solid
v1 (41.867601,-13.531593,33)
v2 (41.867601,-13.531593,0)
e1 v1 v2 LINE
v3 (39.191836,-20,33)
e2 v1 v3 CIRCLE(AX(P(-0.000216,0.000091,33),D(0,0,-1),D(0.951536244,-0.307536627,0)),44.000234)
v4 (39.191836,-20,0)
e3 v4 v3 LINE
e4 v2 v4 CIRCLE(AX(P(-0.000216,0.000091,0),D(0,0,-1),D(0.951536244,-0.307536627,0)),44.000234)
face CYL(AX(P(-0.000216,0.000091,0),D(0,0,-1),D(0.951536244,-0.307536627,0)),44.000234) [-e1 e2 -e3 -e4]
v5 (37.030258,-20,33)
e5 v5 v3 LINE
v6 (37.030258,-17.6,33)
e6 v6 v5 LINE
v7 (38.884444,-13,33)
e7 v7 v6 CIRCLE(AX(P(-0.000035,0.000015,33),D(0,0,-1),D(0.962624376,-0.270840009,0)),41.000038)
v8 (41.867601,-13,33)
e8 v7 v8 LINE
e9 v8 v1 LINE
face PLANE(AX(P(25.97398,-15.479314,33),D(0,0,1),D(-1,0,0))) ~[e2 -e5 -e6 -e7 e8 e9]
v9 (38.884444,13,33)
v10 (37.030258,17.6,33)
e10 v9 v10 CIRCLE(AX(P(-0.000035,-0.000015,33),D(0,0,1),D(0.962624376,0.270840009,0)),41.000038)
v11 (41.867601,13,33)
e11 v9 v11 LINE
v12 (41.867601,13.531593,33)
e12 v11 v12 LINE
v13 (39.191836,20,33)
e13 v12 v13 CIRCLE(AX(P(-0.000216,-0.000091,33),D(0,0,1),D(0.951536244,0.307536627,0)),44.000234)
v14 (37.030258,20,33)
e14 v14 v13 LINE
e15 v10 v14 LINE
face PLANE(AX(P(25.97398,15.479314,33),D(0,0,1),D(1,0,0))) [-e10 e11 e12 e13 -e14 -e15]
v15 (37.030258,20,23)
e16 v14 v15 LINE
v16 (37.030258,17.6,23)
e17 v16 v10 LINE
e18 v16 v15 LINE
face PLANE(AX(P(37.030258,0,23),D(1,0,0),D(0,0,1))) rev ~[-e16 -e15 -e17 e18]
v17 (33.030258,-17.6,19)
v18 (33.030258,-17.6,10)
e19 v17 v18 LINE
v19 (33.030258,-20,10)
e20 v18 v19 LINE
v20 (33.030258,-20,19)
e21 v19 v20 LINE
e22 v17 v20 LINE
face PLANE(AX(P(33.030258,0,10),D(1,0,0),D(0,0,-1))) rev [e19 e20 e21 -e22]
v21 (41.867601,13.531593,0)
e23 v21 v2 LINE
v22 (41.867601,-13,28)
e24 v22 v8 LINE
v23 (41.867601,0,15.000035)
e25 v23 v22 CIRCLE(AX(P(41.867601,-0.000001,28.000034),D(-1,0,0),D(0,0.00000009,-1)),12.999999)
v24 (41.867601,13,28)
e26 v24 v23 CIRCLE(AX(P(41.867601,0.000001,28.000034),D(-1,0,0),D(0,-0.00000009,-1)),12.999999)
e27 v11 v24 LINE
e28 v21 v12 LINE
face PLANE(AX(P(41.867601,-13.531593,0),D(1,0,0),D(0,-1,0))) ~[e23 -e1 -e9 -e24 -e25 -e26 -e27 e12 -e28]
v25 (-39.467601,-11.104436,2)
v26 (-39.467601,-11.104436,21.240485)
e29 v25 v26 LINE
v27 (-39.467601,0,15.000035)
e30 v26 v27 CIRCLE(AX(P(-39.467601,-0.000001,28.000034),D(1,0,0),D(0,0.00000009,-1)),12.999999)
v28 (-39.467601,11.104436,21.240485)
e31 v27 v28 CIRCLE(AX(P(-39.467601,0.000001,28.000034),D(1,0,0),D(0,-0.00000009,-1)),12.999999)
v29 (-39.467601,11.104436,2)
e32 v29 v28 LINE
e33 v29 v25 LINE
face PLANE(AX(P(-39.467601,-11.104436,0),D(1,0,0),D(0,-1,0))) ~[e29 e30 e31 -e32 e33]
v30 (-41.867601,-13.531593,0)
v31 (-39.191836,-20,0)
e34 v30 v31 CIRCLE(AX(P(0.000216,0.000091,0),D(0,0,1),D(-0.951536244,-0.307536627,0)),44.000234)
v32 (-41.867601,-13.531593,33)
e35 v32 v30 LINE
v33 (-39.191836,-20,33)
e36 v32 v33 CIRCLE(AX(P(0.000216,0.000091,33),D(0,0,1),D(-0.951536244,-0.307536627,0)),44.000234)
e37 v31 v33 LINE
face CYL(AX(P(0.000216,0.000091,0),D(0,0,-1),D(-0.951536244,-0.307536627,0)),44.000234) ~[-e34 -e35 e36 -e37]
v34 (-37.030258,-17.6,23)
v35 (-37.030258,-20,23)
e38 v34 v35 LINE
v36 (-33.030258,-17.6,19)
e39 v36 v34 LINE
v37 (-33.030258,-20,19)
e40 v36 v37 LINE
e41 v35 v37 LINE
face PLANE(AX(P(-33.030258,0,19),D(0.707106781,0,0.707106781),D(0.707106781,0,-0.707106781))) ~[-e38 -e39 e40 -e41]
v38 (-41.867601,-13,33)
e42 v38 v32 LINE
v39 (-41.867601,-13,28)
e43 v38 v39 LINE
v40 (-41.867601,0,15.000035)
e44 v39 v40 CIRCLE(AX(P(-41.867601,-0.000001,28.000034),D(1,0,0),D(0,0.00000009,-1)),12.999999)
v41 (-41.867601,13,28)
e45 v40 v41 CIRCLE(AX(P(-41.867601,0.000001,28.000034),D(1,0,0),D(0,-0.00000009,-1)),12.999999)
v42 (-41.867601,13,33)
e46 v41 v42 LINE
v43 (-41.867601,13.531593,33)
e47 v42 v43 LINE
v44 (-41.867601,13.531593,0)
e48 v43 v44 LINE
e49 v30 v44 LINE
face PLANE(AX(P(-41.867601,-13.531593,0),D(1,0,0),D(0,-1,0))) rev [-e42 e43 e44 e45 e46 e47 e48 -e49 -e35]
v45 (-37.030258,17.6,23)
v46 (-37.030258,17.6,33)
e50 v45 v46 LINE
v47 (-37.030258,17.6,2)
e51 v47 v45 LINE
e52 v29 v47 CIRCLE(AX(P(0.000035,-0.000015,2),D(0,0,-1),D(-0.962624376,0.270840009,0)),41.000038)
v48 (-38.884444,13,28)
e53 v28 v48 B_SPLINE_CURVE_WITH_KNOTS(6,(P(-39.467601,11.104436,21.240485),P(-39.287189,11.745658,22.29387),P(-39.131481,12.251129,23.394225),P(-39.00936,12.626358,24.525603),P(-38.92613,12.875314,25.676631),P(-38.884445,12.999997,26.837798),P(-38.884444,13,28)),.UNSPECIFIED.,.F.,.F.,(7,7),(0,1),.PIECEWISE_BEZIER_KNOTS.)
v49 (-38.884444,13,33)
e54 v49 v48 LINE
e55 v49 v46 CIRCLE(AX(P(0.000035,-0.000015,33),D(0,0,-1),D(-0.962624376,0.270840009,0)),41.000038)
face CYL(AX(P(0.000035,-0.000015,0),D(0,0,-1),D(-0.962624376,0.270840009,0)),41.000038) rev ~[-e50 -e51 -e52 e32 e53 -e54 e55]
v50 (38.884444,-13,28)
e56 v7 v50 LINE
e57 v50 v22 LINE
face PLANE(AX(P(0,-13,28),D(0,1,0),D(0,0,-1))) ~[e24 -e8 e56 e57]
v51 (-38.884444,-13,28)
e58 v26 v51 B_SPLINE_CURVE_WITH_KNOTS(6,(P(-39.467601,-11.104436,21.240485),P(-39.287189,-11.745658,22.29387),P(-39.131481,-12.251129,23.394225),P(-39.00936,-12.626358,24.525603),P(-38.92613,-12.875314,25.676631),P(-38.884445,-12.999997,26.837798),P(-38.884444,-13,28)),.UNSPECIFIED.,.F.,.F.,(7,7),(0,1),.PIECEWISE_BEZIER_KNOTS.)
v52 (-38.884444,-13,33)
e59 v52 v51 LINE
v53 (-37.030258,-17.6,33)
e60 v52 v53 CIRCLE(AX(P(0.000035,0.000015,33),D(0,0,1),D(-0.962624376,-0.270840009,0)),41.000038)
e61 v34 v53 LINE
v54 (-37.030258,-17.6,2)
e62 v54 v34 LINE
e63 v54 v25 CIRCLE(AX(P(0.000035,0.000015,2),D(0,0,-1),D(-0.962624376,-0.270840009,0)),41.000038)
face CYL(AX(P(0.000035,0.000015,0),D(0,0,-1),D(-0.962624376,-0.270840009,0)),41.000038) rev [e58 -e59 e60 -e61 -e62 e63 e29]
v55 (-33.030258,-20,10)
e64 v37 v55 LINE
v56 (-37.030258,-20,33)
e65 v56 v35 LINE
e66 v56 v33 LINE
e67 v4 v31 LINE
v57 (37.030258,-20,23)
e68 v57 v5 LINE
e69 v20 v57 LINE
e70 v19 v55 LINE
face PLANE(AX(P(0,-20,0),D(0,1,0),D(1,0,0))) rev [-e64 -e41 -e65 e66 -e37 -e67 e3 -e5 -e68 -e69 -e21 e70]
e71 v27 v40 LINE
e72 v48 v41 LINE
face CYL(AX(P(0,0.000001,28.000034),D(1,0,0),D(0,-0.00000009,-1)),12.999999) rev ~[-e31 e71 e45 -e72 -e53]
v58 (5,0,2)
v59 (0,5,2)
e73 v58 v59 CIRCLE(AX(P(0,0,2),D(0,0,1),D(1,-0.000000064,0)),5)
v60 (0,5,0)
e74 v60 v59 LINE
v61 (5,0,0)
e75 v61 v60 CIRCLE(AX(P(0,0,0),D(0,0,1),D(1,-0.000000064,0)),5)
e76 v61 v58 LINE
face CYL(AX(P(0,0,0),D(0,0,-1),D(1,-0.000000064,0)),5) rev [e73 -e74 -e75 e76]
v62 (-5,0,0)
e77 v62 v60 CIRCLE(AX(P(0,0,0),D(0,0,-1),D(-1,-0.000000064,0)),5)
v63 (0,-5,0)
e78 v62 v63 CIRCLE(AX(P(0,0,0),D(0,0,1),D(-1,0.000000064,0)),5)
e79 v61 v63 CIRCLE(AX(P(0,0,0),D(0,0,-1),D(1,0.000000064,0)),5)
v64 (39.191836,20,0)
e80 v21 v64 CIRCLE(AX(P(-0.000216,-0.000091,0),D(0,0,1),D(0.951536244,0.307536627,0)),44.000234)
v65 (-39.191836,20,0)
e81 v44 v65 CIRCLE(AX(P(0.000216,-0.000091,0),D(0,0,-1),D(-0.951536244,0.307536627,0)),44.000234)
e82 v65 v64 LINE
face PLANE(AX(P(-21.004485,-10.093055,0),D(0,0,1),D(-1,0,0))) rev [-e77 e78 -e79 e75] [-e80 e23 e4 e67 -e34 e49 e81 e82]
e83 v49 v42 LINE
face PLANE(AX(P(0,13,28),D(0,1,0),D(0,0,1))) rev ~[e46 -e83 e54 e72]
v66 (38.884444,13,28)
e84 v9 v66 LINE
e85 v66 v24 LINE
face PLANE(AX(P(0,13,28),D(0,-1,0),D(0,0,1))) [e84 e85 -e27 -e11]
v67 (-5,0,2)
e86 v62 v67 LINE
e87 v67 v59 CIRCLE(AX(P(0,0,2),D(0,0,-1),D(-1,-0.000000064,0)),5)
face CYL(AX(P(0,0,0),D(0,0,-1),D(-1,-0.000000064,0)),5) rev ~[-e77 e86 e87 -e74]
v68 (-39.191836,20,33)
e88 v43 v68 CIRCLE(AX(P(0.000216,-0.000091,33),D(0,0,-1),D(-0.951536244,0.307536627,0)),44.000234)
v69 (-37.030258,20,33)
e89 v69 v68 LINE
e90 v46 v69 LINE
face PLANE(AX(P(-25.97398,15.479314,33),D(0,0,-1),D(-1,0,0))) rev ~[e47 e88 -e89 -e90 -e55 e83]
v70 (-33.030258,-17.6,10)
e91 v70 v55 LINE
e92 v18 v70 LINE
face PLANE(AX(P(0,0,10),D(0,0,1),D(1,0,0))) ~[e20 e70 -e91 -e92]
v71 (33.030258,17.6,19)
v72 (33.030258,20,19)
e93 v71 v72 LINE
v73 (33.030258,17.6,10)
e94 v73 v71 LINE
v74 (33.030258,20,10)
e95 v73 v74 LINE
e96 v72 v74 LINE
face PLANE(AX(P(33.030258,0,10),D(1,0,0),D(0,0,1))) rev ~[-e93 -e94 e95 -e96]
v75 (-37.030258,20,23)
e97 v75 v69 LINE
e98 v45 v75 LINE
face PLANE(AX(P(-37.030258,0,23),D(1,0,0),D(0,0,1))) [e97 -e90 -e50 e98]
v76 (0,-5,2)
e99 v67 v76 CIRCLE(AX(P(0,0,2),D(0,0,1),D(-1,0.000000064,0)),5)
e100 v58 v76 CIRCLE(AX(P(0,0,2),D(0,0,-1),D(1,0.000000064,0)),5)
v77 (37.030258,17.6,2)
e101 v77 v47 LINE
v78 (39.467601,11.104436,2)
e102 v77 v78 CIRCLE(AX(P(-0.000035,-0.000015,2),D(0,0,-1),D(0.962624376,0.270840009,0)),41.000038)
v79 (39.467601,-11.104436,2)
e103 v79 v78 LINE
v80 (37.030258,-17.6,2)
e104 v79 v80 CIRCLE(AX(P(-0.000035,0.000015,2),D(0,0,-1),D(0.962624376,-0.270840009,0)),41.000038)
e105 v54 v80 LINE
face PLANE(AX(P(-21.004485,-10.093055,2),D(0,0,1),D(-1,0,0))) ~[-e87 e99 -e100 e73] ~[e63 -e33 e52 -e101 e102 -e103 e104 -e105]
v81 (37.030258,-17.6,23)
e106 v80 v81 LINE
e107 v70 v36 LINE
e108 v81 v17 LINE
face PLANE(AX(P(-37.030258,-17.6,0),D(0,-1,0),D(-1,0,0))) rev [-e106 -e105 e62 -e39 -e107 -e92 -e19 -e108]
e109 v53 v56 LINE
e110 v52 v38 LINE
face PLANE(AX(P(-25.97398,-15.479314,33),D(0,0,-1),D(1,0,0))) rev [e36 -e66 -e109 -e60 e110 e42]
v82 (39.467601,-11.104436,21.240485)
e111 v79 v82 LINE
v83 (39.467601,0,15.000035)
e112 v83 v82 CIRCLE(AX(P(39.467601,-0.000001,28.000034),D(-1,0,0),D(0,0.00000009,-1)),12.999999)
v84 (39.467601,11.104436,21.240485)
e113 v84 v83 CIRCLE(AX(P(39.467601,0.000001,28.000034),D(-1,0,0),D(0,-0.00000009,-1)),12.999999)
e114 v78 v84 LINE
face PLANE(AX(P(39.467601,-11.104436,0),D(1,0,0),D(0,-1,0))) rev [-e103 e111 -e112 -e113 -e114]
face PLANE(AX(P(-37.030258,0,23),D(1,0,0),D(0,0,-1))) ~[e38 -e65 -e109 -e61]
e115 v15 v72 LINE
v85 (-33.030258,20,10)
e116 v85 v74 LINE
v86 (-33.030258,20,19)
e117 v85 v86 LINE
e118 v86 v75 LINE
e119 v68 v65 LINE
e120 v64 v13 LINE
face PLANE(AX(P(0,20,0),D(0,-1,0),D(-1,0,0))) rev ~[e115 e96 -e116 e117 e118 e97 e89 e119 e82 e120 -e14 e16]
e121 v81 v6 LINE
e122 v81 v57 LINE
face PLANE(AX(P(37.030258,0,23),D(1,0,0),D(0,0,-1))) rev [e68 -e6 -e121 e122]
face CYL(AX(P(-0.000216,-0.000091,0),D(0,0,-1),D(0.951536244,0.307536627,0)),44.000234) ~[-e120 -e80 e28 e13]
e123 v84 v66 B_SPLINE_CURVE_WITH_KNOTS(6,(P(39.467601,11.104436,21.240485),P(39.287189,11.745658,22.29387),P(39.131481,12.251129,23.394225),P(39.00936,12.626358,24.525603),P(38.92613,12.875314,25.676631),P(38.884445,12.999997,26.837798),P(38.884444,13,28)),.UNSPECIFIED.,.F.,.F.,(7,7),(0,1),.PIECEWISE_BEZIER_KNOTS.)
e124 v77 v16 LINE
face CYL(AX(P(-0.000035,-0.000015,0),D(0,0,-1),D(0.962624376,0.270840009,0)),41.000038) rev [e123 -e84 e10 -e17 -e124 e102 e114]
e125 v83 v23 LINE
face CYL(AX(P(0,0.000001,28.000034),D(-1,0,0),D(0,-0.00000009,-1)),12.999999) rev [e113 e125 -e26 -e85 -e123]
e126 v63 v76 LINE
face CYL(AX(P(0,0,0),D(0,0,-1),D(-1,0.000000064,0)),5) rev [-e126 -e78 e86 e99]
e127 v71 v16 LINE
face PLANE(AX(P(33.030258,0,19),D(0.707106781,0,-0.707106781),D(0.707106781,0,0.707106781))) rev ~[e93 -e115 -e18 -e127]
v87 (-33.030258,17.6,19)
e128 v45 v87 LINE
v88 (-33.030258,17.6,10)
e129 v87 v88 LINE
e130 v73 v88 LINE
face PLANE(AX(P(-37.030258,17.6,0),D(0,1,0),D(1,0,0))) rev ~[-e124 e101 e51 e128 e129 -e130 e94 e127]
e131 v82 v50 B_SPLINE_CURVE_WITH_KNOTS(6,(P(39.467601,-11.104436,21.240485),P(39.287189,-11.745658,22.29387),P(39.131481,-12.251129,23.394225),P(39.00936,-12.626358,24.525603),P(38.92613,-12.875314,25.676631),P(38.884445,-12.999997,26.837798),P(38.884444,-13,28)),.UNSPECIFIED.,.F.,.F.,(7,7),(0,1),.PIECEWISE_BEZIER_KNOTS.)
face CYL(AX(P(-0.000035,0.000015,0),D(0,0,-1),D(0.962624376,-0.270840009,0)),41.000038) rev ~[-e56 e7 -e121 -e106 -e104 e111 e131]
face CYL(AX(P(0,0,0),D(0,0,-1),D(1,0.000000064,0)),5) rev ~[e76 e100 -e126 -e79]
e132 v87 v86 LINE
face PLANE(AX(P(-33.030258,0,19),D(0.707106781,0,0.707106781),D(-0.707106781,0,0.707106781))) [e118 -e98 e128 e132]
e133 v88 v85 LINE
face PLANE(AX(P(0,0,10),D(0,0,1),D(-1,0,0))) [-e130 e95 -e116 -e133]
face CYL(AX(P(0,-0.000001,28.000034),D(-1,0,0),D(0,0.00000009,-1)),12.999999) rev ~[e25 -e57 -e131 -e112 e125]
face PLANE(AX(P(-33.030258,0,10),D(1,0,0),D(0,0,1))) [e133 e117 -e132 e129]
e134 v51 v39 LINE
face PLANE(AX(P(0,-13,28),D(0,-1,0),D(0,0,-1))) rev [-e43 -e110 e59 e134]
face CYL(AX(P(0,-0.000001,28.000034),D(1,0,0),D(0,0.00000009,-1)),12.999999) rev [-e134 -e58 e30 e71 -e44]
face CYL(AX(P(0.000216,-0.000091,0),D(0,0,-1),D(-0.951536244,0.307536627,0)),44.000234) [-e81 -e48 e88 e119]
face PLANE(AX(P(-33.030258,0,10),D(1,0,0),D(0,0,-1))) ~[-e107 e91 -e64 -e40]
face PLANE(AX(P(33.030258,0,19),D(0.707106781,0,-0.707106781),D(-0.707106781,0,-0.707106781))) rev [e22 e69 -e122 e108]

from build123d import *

# Parameters (mm, degrees)
PAD_DEPTH                  = 2
PAD001_DEPTH               = 33
POCKET_DEPTH               = 133.8763
POCKET001_DEPTH            = 155.7439
PAD_MIRRORED_2_DEPTH       = 2
PAD001_MIRRORED_2_DEPTH    = 33
POCKET_MIRRORED_2_DEPTH    = 133.8763
POCKET001_MIRRORED_2_DEPTH = 155.7439


with BuildPart() as part:
    # Sketch → Pad (new body)
    with BuildSketch(Plane.XY):
        with BuildLine():
            ThreePointArc((5, 0), (3.535534, 3.535534), (0, 5))
            Line((0, 5), (0, 20))
            Line((0, 20), (39.191836, 20))
            ThreePointArc((41.867601, 13.531593), (40.658555, 16.819092), (39.191836, 20))
            Line((41.867601, 13.531593), (41.867601, 0))
            Line((41.867601, 0), (5, 0))
        make_face()
    pad = extrude(amount=PAD_DEPTH)

    # Sketch001 → Pad001 (join)
    with BuildSketch(Plane.XY):
        with BuildLine():
            ThreePointArc((41.867601, 13.531593), (40.658555, 16.819092), (39.191836, 20))
            Line((0, 20), (39.191836, 20))
            Line((0, 17.6), (0, 20))
            Line((37.030258, 17.6), (0, 17.6))
            ThreePointArc((39.467601, 11.104436), (38.386569, 14.403865), (37.030258, 17.6))
            Line((39.467601, 11.104436), (39.467601, 0))
            Line((39.467601, 0), (41.867601, 0))
            Line((41.867601, 0), (41.867601, 13.531593))
        make_face()
    pad001 = extrude(amount=PAD001_DEPTH)

    # Sketch002 → Pocket (cut, through all)
    with BuildSketch(Plane.XZ):
        Polygon((0, 10), (33.030258, 10), (33.030258, 19), (37.030258, 23), (37.030258, 33), (0, 33), align=None)
    pocket = extrude(amount=-POCKET_DEPTH, mode=Mode.SUBTRACT)

    # Sketch003 → Pocket001 (cut, through all)
    with BuildSketch(Plane.YZ):
        with BuildLine():
            Line((0, 15.000035), (0, 33))
            Line((0, 33), (13, 33))
            Line((13, 28), (13, 33))
            ThreePointArc((0, 15.000035), (9.192376, 18.807634), (13, 28))
        make_face()
    pocket001 = extrude(amount=POCKET001_DEPTH, mode=Mode.SUBTRACT)

    # Sketch Mirrored 2 → Pad Mirrored 2 (add)
    with BuildSketch(Plane(origin=(0, 0, 0), x_dir=(-1, 0, 0), z_dir=(0, 0, -1))):
        with BuildLine():
            ThreePointArc((5, 0), (3.535534, 3.535534), (0, 5))
            Line((0, 5), (0, 20))
            Line((0, 20), (39.191836, 20))
            ThreePointArc((41.867601, 13.531593), (40.658555, 16.819092), (39.191836, 20))
            Line((41.867601, 13.531593), (41.867601, 0))
            Line((41.867601, 0), (5, 0))
        make_face()
    pad_mirrored_2 = extrude(amount=-PAD_MIRRORED_2_DEPTH)

    # Sketch001 Mirrored 2 → Pad001 Mirrored 2 (add)
    with BuildSketch(Plane(origin=(0, 0, 0), x_dir=(-1, 0, 0), z_dir=(0, 0, -1))):
        with BuildLine():
            ThreePointArc((41.867601, 13.531593), (40.658555, 16.819092), (39.191836, 20))
            Line((0, 20), (39.191836, 20))
            Line((0, 17.6), (0, 20))
            Line((37.030258, 17.6), (0, 17.6))
            ThreePointArc((39.467601, 11.104436), (38.386569, 14.403865), (37.030258, 17.6))
            Line((39.467601, 11.104436), (39.467601, 0))
            Line((39.467601, 0), (41.867601, 0))
            Line((41.867601, 0), (41.867601, 13.531593))
        make_face()
    pad001_mirrored_2 = extrude(amount=-PAD001_MIRRORED_2_DEPTH)

    # Sketch002 Mirrored 2 → Pocket Mirrored 2 (cut, through all)
    with BuildSketch(Plane(origin=(0, 0, 0), x_dir=(-1, 0, 0), z_dir=(0, 1, 0))):
        Polygon((0, 10), (33.030258, 10), (33.030258, 19), (37.030258, 23), (37.030258, 33), (0, 33), align=None)
    pocket_mirrored_2 = extrude(amount=POCKET_MIRRORED_2_DEPTH, mode=Mode.SUBTRACT)

    # Sketch003 Mirrored 2 → Pocket001 Mirrored 2 (cut, through all)
    with BuildSketch(Plane.YZ):
        with BuildLine():
            Line((0, 15.000035), (0, 33))
            Line((0, 33), (13, 33))
            Line((13, 28), (13, 33))
            ThreePointArc((0, 15.000035), (9.192376, 18.807634), (13, 28))
        make_face()
    pocket001_mirrored_2 = extrude(amount=-POCKET001_MIRRORED_2_DEPTH, mode=Mode.SUBTRACT)

    # Mirrored001: Pad, Pad001, Pocket, Pocket001, Pad Mirrored 2, Pad001 Mirrored 2, Pocket Mirrored 2, Pocket001 Mirrored 2 across Sketch H_Axis
    add(pad.mirror(Plane.ZX))
    add(pad001.mirror(Plane.ZX))
    add(pocket.mirror(Plane.ZX), mode=Mode.SUBTRACT)
    add(pocket001.mirror(Plane.ZX), mode=Mode.SUBTRACT)
    add(pad_mirrored_2.mirror(Plane.ZX))
    add(pad001_mirrored_2.mirror(Plane.ZX))
    add(pocket_mirrored_2.mirror(Plane.ZX), mode=Mode.SUBTRACT)
    add(pocket001_mirrored_2.mirror(Plane.ZX), mode=Mode.SUBTRACT)


solid = part.part
